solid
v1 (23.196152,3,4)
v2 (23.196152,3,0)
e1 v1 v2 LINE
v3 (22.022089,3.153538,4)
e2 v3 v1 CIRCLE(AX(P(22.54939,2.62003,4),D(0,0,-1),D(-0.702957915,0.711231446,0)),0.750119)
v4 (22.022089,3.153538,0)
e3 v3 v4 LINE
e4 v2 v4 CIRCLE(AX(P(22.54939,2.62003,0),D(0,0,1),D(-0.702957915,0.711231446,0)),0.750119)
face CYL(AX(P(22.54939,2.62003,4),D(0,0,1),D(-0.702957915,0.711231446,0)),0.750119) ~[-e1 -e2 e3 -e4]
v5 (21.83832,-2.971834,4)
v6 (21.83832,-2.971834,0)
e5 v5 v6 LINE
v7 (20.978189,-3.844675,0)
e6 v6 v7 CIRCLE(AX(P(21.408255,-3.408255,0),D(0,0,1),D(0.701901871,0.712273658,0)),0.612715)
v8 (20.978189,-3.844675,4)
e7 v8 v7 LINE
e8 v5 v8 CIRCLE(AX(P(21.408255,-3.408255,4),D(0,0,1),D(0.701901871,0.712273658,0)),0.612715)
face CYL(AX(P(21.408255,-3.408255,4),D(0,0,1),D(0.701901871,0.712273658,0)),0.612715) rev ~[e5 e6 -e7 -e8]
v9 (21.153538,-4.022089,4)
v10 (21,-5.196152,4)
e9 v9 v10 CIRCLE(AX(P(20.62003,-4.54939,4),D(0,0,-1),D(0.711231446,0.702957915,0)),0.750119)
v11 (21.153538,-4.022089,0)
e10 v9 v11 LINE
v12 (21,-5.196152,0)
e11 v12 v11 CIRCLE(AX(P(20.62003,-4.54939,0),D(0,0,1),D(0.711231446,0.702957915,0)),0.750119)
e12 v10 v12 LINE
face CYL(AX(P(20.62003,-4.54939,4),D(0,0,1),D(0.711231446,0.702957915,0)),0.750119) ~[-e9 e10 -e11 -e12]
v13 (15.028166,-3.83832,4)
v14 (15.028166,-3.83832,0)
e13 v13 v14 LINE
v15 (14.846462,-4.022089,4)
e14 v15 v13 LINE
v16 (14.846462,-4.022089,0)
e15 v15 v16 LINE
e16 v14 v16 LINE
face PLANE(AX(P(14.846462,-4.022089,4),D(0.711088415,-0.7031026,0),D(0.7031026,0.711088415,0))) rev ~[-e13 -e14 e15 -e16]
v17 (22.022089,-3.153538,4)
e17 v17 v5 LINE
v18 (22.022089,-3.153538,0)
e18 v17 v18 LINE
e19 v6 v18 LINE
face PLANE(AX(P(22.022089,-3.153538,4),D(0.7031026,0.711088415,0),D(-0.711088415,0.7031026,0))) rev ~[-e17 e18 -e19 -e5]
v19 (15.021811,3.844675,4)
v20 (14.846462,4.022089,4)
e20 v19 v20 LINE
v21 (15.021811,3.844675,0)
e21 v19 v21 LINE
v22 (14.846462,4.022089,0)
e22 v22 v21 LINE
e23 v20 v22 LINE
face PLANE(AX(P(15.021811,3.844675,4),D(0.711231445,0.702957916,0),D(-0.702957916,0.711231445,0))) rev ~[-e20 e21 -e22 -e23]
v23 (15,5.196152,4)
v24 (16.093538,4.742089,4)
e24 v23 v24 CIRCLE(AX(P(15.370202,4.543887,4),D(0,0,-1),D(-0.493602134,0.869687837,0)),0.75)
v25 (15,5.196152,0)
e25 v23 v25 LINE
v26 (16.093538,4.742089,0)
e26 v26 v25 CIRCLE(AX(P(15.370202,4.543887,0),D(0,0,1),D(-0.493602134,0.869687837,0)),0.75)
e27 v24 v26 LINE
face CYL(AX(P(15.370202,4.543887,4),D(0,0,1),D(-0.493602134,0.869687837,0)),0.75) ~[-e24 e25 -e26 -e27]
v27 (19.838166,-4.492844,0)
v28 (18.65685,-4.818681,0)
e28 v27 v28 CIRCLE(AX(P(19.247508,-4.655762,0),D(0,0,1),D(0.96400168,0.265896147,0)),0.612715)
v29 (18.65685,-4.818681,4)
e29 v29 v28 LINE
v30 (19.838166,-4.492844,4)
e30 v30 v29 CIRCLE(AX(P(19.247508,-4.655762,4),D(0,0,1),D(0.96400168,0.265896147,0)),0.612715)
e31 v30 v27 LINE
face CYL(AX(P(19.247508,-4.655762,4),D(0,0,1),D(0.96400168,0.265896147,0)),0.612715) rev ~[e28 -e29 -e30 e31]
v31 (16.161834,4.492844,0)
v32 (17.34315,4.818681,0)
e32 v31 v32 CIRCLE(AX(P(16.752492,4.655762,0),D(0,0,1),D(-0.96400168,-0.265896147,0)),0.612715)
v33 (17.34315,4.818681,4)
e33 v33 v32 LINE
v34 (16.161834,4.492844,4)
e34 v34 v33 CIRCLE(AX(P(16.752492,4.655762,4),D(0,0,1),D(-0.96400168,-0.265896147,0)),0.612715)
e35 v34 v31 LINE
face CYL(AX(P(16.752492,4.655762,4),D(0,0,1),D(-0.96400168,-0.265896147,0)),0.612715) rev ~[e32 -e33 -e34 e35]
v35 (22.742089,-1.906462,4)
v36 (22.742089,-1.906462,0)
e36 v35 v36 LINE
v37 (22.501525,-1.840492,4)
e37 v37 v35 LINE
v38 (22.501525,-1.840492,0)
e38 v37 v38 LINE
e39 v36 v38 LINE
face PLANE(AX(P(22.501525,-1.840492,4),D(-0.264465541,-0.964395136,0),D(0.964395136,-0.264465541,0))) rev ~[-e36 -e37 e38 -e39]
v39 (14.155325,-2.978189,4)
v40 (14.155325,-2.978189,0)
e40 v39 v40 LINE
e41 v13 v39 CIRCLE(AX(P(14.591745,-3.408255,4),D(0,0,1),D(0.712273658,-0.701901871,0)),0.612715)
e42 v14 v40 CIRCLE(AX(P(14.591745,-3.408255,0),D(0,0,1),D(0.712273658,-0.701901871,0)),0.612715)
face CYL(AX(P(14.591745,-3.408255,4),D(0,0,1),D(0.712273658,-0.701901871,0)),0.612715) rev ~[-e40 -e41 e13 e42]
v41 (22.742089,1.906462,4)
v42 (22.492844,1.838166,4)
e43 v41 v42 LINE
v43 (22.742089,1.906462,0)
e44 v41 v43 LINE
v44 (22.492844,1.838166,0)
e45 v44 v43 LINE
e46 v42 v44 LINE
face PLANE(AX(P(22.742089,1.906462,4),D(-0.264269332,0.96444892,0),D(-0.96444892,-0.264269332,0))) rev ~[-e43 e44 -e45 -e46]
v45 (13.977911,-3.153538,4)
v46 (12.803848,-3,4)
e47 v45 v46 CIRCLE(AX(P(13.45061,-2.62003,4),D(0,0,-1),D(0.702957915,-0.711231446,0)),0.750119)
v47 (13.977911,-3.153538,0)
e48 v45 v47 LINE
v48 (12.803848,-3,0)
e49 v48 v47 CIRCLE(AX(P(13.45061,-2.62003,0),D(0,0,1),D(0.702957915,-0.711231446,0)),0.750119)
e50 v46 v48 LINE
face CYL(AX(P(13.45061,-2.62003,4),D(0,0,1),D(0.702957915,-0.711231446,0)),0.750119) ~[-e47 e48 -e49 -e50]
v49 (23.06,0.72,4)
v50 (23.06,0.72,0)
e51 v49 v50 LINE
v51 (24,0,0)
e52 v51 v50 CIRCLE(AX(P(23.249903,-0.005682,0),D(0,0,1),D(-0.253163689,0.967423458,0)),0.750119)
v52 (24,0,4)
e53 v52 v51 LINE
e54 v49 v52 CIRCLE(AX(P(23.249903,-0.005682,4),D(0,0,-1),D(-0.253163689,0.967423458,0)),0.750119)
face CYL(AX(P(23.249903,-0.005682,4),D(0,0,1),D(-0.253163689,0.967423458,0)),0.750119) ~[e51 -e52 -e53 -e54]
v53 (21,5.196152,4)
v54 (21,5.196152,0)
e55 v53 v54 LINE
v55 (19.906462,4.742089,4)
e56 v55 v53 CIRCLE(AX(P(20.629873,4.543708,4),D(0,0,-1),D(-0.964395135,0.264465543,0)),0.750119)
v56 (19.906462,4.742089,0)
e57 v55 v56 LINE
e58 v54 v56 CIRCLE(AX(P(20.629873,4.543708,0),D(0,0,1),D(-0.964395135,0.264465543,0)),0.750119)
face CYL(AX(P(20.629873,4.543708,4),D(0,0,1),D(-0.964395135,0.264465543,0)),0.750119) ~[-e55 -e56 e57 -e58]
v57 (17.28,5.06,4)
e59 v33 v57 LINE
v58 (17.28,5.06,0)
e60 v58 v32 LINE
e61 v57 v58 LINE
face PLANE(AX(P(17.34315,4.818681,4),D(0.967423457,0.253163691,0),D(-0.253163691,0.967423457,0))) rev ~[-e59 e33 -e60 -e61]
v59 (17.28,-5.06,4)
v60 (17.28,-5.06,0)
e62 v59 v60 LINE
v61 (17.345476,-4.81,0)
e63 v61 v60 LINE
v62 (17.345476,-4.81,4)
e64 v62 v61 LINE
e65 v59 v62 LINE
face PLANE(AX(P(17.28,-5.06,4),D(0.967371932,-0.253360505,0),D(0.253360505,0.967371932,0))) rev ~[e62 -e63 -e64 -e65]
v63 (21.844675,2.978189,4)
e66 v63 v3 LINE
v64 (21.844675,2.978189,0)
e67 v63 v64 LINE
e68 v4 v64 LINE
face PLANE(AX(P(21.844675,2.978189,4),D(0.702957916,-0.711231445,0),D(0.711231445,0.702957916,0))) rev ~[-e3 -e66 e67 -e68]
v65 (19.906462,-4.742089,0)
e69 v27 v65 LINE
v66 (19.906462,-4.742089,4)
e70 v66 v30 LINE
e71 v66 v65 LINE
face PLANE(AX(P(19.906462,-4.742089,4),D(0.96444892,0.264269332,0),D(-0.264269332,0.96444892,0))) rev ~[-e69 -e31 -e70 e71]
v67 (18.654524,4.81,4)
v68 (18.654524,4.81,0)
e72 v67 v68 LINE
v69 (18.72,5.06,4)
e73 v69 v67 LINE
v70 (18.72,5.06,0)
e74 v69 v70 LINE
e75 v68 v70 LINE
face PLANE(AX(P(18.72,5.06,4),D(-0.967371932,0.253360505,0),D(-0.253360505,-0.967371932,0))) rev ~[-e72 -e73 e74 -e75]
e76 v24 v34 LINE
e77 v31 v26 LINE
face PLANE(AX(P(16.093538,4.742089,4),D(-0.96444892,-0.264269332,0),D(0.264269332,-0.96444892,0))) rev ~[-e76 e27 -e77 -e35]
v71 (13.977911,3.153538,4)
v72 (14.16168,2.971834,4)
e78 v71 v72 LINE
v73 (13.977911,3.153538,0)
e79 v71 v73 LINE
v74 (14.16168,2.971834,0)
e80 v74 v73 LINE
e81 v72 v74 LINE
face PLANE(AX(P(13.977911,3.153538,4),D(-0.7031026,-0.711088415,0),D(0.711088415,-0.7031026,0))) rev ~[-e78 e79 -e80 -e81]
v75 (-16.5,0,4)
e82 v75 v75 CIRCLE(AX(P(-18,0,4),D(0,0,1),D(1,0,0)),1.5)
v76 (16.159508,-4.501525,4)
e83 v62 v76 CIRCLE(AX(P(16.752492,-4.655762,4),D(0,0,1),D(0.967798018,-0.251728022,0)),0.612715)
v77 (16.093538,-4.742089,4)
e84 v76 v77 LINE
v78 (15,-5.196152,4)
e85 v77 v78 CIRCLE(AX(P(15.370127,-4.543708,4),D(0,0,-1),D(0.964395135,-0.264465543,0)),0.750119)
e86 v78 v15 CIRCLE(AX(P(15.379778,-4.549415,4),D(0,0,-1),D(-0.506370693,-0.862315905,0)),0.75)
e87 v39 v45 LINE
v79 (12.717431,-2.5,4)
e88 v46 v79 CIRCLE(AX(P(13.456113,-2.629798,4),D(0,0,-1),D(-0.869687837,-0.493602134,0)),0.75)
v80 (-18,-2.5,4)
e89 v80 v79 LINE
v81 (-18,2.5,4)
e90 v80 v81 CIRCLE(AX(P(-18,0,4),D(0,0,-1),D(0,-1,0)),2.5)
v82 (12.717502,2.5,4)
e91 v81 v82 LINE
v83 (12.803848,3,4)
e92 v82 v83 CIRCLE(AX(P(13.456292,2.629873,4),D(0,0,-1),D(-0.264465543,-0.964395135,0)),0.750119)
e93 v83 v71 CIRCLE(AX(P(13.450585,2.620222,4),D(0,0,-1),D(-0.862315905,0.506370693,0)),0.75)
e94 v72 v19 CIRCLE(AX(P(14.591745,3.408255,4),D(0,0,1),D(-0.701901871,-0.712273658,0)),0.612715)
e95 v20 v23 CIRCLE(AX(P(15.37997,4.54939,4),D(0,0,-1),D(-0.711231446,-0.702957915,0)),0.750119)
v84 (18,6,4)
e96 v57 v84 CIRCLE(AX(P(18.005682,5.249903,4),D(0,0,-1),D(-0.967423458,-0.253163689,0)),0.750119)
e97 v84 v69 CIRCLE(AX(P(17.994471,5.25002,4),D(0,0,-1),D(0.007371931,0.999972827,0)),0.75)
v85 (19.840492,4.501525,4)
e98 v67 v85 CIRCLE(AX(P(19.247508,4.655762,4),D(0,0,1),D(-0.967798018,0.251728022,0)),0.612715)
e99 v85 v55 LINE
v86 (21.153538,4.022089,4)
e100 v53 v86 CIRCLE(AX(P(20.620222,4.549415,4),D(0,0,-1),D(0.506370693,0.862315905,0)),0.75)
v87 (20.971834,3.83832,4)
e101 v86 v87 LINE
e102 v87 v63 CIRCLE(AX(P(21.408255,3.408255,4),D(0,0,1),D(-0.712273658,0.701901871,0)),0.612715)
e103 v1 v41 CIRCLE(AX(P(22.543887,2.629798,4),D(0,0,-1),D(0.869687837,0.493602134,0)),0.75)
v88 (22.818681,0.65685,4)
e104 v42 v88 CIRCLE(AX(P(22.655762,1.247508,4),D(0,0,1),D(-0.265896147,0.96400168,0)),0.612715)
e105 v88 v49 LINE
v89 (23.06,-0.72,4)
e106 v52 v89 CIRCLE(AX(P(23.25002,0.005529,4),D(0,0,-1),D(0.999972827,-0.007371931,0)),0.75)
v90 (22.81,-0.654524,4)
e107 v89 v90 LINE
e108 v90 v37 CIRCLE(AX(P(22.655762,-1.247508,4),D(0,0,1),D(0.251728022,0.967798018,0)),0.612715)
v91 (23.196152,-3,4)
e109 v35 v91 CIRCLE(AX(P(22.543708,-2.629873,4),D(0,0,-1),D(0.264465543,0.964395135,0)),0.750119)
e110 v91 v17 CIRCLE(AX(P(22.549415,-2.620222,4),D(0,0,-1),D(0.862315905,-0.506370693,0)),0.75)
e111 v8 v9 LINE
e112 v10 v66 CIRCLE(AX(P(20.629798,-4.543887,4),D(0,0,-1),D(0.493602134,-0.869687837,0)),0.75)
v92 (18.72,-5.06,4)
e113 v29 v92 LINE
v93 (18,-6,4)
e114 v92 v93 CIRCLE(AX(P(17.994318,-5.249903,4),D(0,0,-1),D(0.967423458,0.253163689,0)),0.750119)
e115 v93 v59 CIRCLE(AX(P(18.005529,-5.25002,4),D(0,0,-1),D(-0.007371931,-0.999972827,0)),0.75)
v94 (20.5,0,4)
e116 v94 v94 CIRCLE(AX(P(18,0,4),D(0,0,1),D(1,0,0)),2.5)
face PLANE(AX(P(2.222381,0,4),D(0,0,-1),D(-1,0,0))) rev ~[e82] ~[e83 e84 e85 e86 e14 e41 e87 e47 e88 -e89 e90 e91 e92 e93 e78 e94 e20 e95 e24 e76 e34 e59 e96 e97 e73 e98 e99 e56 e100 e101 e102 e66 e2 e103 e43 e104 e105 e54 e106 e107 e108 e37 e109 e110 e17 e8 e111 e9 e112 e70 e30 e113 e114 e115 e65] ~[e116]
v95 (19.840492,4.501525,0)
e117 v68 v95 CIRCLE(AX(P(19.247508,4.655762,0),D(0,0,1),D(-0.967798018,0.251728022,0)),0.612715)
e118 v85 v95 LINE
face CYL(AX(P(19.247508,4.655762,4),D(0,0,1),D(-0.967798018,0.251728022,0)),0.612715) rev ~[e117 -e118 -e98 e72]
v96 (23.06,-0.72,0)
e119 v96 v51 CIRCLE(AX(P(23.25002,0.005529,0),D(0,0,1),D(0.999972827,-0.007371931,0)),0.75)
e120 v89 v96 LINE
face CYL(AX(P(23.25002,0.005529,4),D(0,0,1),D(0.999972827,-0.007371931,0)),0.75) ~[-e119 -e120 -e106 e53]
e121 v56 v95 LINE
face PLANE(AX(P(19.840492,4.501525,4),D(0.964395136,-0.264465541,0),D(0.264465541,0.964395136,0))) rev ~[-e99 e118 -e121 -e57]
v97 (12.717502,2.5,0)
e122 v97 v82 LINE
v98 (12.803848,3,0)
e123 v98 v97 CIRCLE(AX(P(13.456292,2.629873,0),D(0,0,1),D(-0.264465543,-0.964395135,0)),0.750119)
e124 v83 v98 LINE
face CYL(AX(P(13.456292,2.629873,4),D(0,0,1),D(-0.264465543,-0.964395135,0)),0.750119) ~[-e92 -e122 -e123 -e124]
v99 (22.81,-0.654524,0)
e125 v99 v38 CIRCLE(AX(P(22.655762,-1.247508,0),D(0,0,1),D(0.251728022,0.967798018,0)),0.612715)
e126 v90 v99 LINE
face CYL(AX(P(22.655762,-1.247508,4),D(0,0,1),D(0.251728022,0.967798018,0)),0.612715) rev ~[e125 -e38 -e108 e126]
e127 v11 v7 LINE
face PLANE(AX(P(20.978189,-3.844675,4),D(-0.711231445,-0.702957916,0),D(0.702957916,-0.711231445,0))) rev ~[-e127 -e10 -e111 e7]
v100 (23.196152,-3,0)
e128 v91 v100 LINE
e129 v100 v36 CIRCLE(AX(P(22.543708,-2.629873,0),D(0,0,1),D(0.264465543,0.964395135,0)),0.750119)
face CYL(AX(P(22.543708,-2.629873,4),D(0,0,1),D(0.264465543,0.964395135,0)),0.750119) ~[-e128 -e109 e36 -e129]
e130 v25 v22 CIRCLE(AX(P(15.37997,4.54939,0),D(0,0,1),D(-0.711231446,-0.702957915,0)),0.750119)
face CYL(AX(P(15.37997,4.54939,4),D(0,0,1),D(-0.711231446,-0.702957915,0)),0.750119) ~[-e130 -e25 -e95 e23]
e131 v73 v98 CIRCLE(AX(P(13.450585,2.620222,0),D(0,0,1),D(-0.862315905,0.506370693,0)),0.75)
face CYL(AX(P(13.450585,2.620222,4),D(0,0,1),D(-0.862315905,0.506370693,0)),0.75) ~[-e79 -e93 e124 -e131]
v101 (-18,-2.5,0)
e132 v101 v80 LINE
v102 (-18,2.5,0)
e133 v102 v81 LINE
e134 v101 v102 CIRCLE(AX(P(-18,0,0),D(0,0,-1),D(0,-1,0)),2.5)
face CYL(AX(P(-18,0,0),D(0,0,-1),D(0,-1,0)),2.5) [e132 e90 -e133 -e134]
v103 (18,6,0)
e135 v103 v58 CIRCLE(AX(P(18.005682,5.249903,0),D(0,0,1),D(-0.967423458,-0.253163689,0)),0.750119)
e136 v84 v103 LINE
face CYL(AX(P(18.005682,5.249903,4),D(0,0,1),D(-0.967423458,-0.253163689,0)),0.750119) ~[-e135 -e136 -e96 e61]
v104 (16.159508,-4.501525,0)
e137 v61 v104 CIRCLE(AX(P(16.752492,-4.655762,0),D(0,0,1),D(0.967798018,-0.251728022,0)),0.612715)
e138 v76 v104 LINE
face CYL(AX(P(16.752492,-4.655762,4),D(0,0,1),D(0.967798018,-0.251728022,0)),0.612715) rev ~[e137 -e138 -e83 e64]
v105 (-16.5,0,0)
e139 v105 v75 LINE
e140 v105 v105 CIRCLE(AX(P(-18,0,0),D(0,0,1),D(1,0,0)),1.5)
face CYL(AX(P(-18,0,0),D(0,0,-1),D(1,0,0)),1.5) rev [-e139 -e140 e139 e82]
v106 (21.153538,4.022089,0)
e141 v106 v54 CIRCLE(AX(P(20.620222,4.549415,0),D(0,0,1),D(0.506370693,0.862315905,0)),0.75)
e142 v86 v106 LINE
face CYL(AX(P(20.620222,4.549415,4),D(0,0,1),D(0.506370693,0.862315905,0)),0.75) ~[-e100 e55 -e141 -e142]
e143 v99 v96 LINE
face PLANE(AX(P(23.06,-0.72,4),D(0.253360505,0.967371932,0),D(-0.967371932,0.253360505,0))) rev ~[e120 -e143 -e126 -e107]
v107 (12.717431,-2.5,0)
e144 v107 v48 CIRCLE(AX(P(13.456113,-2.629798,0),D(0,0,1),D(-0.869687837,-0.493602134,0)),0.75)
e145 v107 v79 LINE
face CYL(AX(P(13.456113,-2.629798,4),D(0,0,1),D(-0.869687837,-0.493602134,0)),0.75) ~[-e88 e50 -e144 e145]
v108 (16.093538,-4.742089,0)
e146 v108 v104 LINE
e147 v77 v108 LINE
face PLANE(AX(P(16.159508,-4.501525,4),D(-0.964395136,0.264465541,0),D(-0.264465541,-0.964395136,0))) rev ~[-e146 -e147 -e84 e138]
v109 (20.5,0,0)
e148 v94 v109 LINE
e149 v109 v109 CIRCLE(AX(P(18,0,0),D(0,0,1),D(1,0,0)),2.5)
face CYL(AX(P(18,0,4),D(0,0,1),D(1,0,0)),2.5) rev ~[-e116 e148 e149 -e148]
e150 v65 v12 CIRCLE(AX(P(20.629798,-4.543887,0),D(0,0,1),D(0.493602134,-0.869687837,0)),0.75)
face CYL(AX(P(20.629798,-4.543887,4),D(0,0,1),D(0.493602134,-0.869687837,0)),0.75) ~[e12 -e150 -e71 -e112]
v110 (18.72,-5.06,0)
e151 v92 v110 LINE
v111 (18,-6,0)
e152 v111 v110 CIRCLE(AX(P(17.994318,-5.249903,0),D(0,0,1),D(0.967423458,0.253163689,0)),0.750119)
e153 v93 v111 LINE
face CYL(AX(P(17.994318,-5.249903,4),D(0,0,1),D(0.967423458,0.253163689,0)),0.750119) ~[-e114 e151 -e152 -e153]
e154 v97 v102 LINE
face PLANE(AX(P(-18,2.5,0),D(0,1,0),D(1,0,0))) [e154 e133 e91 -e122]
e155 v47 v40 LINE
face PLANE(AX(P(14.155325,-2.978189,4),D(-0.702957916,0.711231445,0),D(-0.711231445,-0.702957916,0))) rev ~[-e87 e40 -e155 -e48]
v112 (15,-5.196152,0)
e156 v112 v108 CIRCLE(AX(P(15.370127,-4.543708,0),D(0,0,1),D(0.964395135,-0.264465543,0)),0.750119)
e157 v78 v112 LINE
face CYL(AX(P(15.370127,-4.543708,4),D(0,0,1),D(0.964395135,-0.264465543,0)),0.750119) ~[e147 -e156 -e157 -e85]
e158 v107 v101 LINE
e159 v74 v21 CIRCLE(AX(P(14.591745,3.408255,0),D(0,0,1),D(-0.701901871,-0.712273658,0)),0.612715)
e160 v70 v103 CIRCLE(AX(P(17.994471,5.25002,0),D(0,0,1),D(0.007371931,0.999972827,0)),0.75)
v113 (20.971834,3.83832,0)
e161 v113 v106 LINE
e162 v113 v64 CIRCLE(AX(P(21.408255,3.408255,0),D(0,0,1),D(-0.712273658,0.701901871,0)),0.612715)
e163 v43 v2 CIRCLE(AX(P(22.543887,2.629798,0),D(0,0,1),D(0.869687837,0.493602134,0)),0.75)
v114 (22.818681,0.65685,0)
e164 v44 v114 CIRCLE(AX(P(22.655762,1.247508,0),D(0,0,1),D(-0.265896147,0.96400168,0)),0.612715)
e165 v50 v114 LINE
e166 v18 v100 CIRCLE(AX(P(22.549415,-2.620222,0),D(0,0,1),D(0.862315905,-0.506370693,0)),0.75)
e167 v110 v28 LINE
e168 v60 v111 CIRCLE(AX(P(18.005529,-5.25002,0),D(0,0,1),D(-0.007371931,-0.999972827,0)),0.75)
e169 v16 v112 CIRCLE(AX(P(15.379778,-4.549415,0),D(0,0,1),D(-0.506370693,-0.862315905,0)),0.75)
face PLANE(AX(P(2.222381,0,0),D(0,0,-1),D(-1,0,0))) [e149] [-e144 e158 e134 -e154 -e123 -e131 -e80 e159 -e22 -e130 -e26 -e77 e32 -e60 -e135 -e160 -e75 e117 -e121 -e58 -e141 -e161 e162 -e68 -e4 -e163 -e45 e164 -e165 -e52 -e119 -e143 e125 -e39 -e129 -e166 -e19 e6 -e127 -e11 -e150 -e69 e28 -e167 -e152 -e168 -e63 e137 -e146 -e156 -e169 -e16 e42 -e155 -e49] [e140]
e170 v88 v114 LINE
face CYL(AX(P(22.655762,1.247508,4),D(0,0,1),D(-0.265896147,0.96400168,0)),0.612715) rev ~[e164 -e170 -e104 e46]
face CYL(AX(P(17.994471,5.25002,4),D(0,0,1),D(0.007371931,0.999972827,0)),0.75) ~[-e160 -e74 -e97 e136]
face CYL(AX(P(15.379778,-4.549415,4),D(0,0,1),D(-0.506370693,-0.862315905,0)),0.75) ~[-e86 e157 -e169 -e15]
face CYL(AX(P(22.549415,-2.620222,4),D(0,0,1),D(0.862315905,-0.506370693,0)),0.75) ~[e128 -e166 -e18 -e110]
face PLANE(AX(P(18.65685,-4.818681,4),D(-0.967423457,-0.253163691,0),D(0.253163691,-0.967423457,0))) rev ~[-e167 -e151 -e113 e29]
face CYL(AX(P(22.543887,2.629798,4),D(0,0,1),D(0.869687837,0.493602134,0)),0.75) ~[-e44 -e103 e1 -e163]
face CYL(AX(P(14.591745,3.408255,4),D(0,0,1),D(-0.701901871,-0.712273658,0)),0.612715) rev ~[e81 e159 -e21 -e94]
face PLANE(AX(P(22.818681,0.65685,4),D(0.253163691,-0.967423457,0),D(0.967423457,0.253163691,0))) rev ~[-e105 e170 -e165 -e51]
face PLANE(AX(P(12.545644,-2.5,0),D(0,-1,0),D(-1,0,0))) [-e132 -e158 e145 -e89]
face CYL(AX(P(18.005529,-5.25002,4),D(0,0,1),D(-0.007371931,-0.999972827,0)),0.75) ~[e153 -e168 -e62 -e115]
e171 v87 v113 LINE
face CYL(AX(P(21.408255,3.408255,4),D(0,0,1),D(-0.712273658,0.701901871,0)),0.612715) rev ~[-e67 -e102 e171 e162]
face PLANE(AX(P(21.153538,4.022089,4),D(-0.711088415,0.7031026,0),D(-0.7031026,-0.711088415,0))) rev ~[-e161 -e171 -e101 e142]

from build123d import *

# Parameters (mm, degrees)
SKETCH1_R           = 1.5
BOSS_EXTRUDE1_DEPTH = 4
CUT_EXTRUDE2_DEPTH  = 26.059928172
CIRPATTERN1_COUNT   = 12
SKETCH3_W           = 9.640063732
SKETCH3_H           = 5
BOSS_EXTRUDE6_DEPTH = 4
SKETCH4_R           = 2.5
CUT_EXTRUDE3_DEPTH  = 26.059928172


with BuildPart() as part:
    # Sketch1 → Boss-Extrude1 (new body)
    with BuildSketch(Plane.XY):
        with BuildLine():
            Line((-18, 2.5), (12.545643943, 2.5))
            ThreePointArc((12.545643943, 2.5), (24, 0), (12.545643943, -2.5))
            Line((12.545643943, -2.5), (-18, -2.5))
            ThreePointArc((-18, -2.5), (-20.5, 0), (-18, 2.5))
        make_face()
        with Locations((-18, 0)):
            Circle(SKETCH1_R, mode=Mode.SUBTRACT)
    extrude(amount=BOSS_EXTRUDE1_DEPTH)

    # Sketch2 → Cut-Extrude2 (cut, through all)
    with BuildSketch(Plane.XY.offset(4)):
        with BuildLine():
            Line((18.72, 5.06), (18.654523502, 4.81))
            ThreePointArc((18.654523502, 4.81), (19.09327028, 4.062778187), (19.840492093, 4.501524965))
            Line((19.840492093, 4.501524965), (19.906461709, 4.742088543))
            ThreePointArc((19.906461709, 4.742088543), (20.342216866, 5.236479445), (21, 5.196152423))
            ThreePointArc((21, 5.196152423), (19.568400179, 5.853349156), (18, 6))
            ThreePointArc((18, 6), (18.589879661, 5.706078038), (18.72, 5.06))
        make_face()
    cut_extrude2 = extrude(amount=-CUT_EXTRUDE2_DEPTH, mode=Mode.SUBTRACT)

    # CirPattern1: Cut-Extrude2 ×12 about axis
    cirpattern1_axis = Axis((18, 0, 0), (0, 0, 1))
    for i in range(1, CIRPATTERN1_COUNT):
        add(cut_extrude2.rotate(cirpattern1_axis, i * 360 / CIRPATTERN1_COUNT), mode=Mode.SUBTRACT)

    # Sketch3 → Boss-Extrude6 (add)
    with BuildSketch(Plane.XY.offset(4)):
        with Locations((15.25827781, 0)):
            Rectangle(SKETCH3_W, SKETCH3_H)
    extrude(amount=-BOSS_EXTRUDE6_DEPTH)

    # Sketch4 → Cut-Extrude3 (cut, through all)
    with BuildSketch(Plane.XY.offset(4)):
        with Locations((18, 0)):
            Circle(SKETCH4_R)
    extrude(amount=-CUT_EXTRUDE3_DEPTH, mode=Mode.SUBTRACT)


solid = part.part
